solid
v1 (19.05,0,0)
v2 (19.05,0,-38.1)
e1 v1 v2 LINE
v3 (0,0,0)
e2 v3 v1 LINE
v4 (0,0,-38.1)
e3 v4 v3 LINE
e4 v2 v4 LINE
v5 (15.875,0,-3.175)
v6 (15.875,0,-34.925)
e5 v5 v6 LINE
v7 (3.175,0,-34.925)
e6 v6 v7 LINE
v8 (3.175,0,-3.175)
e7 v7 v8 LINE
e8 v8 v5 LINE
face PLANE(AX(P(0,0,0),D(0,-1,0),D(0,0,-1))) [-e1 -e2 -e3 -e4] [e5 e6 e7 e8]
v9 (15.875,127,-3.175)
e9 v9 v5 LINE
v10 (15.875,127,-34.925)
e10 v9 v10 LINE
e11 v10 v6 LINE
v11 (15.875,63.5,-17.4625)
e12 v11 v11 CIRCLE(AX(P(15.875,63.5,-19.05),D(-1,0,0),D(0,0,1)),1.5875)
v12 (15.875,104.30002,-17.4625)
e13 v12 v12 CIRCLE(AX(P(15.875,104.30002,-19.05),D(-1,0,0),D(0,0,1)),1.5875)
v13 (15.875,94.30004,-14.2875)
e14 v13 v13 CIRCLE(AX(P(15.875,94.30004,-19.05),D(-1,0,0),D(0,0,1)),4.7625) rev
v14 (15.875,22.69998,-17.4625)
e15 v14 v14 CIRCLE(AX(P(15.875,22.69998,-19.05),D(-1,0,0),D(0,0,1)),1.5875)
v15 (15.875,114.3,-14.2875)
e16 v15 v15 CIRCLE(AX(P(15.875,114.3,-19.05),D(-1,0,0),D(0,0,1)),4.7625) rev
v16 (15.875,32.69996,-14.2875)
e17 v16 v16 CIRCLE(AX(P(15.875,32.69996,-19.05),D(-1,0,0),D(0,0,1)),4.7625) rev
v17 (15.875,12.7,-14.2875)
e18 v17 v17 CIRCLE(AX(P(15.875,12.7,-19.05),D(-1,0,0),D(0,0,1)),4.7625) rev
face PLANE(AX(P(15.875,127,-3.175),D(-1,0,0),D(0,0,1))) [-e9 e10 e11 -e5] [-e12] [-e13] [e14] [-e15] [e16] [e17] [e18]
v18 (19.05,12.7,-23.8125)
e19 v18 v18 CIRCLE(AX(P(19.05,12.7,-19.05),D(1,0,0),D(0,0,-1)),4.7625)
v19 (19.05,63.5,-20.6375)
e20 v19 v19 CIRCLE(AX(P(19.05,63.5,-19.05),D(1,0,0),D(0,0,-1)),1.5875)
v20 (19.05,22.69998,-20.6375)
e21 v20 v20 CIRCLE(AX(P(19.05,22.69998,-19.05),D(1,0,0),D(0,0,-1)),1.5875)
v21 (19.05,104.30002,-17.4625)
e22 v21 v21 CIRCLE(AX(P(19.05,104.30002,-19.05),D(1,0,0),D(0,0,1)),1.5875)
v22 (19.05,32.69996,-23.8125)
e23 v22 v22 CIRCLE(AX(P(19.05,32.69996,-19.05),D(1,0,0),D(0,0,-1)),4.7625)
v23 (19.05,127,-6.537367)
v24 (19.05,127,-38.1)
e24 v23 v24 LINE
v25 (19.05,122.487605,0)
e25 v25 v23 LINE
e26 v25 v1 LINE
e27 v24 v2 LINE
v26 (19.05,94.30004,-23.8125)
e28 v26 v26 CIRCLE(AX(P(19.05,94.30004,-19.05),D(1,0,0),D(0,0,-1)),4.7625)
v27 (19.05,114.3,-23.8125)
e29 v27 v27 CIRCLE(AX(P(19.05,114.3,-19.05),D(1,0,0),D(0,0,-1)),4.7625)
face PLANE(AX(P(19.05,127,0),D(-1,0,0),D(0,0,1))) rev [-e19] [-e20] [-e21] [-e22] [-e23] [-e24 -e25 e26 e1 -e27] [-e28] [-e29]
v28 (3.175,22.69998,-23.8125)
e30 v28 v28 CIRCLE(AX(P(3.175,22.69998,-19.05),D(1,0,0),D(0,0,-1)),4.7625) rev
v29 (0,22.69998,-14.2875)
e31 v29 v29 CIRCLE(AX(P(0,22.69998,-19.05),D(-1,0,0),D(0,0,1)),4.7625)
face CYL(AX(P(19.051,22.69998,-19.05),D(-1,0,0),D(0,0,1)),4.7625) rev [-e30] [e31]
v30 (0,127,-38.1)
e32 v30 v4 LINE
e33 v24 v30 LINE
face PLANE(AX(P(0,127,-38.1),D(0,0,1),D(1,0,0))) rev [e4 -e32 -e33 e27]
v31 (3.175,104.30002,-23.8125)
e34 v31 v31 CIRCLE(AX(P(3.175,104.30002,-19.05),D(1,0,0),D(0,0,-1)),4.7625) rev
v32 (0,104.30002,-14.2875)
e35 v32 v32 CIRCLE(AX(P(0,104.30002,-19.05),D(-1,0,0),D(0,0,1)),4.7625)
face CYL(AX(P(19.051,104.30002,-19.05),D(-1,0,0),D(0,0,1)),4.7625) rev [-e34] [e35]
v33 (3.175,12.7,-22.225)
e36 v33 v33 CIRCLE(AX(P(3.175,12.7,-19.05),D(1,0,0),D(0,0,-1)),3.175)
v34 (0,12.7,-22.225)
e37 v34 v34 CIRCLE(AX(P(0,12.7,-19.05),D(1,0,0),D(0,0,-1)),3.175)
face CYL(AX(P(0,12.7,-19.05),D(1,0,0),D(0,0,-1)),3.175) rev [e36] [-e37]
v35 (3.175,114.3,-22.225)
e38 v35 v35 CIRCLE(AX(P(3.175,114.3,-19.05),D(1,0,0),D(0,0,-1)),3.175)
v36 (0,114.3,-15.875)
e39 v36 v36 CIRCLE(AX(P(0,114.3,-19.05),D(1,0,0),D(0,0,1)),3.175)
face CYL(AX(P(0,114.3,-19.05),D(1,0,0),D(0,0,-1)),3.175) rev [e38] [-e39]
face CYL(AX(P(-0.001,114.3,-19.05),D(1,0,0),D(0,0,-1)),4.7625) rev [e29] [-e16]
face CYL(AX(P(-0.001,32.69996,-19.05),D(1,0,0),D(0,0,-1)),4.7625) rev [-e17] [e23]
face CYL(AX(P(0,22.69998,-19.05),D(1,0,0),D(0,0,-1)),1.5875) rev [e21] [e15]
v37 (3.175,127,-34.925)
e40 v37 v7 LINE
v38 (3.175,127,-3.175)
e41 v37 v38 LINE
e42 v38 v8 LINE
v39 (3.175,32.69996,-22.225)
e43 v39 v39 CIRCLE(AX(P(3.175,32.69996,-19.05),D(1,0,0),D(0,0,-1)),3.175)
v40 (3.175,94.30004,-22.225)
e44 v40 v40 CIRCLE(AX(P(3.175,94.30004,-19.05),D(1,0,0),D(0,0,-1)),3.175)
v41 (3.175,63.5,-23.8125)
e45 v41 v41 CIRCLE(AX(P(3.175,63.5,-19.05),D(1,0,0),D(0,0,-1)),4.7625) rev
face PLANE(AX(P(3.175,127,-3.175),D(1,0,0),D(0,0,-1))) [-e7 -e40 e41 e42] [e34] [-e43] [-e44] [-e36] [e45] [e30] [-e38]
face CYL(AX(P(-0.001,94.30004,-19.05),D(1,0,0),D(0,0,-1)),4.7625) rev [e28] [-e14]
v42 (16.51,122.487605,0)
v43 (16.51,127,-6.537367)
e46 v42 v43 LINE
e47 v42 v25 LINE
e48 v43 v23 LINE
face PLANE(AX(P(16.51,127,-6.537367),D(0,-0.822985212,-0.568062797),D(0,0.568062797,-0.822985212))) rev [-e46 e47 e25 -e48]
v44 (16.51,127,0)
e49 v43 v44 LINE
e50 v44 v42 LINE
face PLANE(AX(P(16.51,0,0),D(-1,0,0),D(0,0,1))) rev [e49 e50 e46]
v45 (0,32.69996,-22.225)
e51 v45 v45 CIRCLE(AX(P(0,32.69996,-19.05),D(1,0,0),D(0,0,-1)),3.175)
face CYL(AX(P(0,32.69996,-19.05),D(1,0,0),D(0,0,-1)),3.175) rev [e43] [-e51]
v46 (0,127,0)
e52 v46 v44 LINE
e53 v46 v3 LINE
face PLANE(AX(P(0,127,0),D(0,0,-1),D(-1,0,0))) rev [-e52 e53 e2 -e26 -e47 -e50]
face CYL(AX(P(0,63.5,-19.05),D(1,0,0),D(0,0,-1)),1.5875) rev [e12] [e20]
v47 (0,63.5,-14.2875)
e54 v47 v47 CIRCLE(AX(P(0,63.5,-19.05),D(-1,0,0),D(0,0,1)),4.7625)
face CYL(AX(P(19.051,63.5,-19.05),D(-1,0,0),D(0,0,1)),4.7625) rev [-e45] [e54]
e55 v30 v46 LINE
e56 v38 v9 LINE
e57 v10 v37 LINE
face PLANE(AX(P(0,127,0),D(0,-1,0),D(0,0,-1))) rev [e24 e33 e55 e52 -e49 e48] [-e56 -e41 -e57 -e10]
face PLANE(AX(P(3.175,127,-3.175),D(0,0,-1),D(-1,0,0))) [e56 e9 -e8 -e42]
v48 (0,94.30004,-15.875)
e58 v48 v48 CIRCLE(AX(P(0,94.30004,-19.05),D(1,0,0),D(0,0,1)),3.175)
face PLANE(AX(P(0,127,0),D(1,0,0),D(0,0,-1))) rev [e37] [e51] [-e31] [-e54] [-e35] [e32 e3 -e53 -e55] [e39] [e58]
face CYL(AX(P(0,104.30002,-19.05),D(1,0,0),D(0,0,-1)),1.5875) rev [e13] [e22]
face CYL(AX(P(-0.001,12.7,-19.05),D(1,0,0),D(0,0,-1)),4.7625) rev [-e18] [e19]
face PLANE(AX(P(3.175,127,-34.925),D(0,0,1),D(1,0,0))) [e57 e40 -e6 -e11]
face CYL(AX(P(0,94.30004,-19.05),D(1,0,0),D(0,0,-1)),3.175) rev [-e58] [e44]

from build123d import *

# Parameters (mm, degrees)
SKETCH1_W           = 19.05
SKETCH1_H           = 38.1
SKETCH1_W_2         = 12.7
SKETCH1_H_2         = 31.75
BOSS_EXTRUDE1_DEPTH = 127
SKETCH2_R           = 3.175
CUT_EXTRUDE1_DEPTH  = 20.05
CUT_EXTRUDE2_REACH  = 21.05
SKETCH3_R           = 4.7625
SKETCH4_R           = 1.5875
UCHAN_MOUNT_DEPTH   = 20.05
CUT_EXTRUDE4_REACH  = 21.05
SKETCH5_R           = 4.7625
CUT_EXTRUDE5_DEPTH  = 2.54


with BuildPart() as part:
    # Sketch1 → Boss-Extrude1 (new body)
    with BuildSketch(Plane(origin=(0, 0, 0), x_dir=(1, 0, 0), z_dir=(0, 1, 0))):
        with Locations((9.525, 19.05)):
            Rectangle(SKETCH1_W, SKETCH1_H)
        with Locations((9.525, 19.05)):
            Rectangle(SKETCH1_W_2, SKETCH1_H_2, mode=Mode.SUBTRACT)
    extrude(amount=BOSS_EXTRUDE1_DEPTH)

    # Sketch2 → Cut-Extrude1 (cut, through all)
    with BuildSketch(Plane(origin=(19.05, 0, 0), x_dir=(0, 0, -1), z_dir=(1, 0, 0))):
        with Locations((19.05, 12.7)):
            Circle(SKETCH2_R)
        with Locations((19.05, 32.69996)):
            Circle(SKETCH2_R)
        with Locations((19.05, 94.30004)):
            Circle(SKETCH2_R)
        with Locations((19.05, 114.3)):
            Circle(SKETCH2_R)
    extrude(amount=-CUT_EXTRUDE1_DEPTH, mode=Mode.SUBTRACT)

    # Sketch3 → Cut-Extrude2 (cut, up to next)
    with BuildSketch(Plane(origin=(19.05, 0, 0), x_dir=(0, 0, -1), z_dir=(1, 0, 0)), mode=Mode.PRIVATE) as cut_extrude2_sk1:
        with Locations((19.05, 114.3)):
            Circle(SKETCH3_R)
    cut_extrude2_tool1 = extrude(cut_extrude2_sk1.sketch, amount=-CUT_EXTRUDE2_REACH, mode=Mode.PRIVATE) & part.part
    add(cut_extrude2_tool1.solids().sort_by_distance((19.05, 114.3, -19.05))[0], mode=Mode.SUBTRACT)
    # Sketch3 → Cut-Extrude2 (cut, up to next)
    with BuildSketch(Plane(origin=(19.05, 0, 0), x_dir=(0, 0, -1), z_dir=(1, 0, 0)), mode=Mode.PRIVATE) as cut_extrude2_sk2:
        with Locations((19.05, 94.30004)):
            Circle(SKETCH3_R)
    cut_extrude2_tool2 = extrude(cut_extrude2_sk2.sketch, amount=-CUT_EXTRUDE2_REACH, mode=Mode.PRIVATE) & part.part
    add(cut_extrude2_tool2.solids().sort_by_distance((19.05, 94.30004, -19.05))[0], mode=Mode.SUBTRACT)
    # Sketch3 → Cut-Extrude2 (cut, up to next)
    with BuildSketch(Plane(origin=(19.05, 0, 0), x_dir=(0, 0, -1), z_dir=(1, 0, 0)), mode=Mode.PRIVATE) as cut_extrude2_sk3:
        with Locations((19.05, 32.69996)):
            Circle(SKETCH3_R)
    cut_extrude2_tool3 = extrude(cut_extrude2_sk3.sketch, amount=-CUT_EXTRUDE2_REACH, mode=Mode.PRIVATE) & part.part
    add(cut_extrude2_tool3.solids().sort_by_distance((19.05, 32.69996, -19.05))[0], mode=Mode.SUBTRACT)
    # Sketch3 → Cut-Extrude2 (cut, up to next)
    with BuildSketch(Plane(origin=(19.05, 0, 0), x_dir=(0, 0, -1), z_dir=(1, 0, 0)), mode=Mode.PRIVATE) as cut_extrude2_sk4:
        with Locations((19.05, 12.7)):
            Circle(SKETCH3_R)
    cut_extrude2_tool4 = extrude(cut_extrude2_sk4.sketch, amount=-CUT_EXTRUDE2_REACH, mode=Mode.PRIVATE) & part.part
    add(cut_extrude2_tool4.solids().sort_by_distance((19.05, 12.7, -19.05))[0], mode=Mode.SUBTRACT)

    # Sketch4 → UChan_Mount (cut, through all)
    with BuildSketch(Plane(origin=(19.05, 0, 0), x_dir=(0, 0, -1), z_dir=(1, 0, 0))):
        with Locations((19.05, 22.69998)):
            Circle(SKETCH4_R)
        with Locations((19.05, 63.5)):
            Circle(SKETCH4_R)
        with Locations((19.05, 104.30002)):
            Circle(SKETCH4_R)
    extrude(amount=-UCHAN_MOUNT_DEPTH, mode=Mode.SUBTRACT)

    # Sketch5 → Cut-Extrude4 (cut, up to next)
    with BuildSketch(Plane.ZY, mode=Mode.PRIVATE) as cut_extrude4_sk1:
        with Locations((-19.05, 104.30002)):
            Circle(SKETCH5_R)
    cut_extrude4_tool1 = extrude(cut_extrude4_sk1.sketch, amount=-CUT_EXTRUDE4_REACH, mode=Mode.PRIVATE) & part.part
    add(cut_extrude4_tool1.solids().sort_by_distance((0, 104.30002, -19.05))[0], mode=Mode.SUBTRACT)
    # Sketch5 → Cut-Extrude4 (cut, up to next)
    with BuildSketch(Plane.ZY, mode=Mode.PRIVATE) as cut_extrude4_sk2:
        with Locations((-19.05, 63.5)):
            Circle(SKETCH5_R)
    cut_extrude4_tool2 = extrude(cut_extrude4_sk2.sketch, amount=-CUT_EXTRUDE4_REACH, mode=Mode.PRIVATE) & part.part
    add(cut_extrude4_tool2.solids().sort_by_distance((0, 63.5, -19.05))[0], mode=Mode.SUBTRACT)
    # Sketch5 → Cut-Extrude4 (cut, up to next)
    with BuildSketch(Plane.ZY, mode=Mode.PRIVATE) as cut_extrude4_sk3:
        with Locations((-19.05, 22.69998)):
            Circle(SKETCH5_R)
    cut_extrude4_tool3 = extrude(cut_extrude4_sk3.sketch, amount=-CUT_EXTRUDE4_REACH, mode=Mode.PRIVATE) & part.part
    add(cut_extrude4_tool3.solids().sort_by_distance((0, 22.69998, -19.05))[0], mode=Mode.SUBTRACT)

    # Sketch6 → Cut-Extrude5 (cut)
    with BuildSketch(Plane(origin=(19.05, 0, 0), x_dir=(0, 0, -1), z_dir=(1, 0, 0))):
        Polygon((0, 127), (6.5373666, 127), (0, 122.48760451), align=None)
    extrude(amount=-CUT_EXTRUDE5_DEPTH, mode=Mode.SUBTRACT)


solid = part.part
